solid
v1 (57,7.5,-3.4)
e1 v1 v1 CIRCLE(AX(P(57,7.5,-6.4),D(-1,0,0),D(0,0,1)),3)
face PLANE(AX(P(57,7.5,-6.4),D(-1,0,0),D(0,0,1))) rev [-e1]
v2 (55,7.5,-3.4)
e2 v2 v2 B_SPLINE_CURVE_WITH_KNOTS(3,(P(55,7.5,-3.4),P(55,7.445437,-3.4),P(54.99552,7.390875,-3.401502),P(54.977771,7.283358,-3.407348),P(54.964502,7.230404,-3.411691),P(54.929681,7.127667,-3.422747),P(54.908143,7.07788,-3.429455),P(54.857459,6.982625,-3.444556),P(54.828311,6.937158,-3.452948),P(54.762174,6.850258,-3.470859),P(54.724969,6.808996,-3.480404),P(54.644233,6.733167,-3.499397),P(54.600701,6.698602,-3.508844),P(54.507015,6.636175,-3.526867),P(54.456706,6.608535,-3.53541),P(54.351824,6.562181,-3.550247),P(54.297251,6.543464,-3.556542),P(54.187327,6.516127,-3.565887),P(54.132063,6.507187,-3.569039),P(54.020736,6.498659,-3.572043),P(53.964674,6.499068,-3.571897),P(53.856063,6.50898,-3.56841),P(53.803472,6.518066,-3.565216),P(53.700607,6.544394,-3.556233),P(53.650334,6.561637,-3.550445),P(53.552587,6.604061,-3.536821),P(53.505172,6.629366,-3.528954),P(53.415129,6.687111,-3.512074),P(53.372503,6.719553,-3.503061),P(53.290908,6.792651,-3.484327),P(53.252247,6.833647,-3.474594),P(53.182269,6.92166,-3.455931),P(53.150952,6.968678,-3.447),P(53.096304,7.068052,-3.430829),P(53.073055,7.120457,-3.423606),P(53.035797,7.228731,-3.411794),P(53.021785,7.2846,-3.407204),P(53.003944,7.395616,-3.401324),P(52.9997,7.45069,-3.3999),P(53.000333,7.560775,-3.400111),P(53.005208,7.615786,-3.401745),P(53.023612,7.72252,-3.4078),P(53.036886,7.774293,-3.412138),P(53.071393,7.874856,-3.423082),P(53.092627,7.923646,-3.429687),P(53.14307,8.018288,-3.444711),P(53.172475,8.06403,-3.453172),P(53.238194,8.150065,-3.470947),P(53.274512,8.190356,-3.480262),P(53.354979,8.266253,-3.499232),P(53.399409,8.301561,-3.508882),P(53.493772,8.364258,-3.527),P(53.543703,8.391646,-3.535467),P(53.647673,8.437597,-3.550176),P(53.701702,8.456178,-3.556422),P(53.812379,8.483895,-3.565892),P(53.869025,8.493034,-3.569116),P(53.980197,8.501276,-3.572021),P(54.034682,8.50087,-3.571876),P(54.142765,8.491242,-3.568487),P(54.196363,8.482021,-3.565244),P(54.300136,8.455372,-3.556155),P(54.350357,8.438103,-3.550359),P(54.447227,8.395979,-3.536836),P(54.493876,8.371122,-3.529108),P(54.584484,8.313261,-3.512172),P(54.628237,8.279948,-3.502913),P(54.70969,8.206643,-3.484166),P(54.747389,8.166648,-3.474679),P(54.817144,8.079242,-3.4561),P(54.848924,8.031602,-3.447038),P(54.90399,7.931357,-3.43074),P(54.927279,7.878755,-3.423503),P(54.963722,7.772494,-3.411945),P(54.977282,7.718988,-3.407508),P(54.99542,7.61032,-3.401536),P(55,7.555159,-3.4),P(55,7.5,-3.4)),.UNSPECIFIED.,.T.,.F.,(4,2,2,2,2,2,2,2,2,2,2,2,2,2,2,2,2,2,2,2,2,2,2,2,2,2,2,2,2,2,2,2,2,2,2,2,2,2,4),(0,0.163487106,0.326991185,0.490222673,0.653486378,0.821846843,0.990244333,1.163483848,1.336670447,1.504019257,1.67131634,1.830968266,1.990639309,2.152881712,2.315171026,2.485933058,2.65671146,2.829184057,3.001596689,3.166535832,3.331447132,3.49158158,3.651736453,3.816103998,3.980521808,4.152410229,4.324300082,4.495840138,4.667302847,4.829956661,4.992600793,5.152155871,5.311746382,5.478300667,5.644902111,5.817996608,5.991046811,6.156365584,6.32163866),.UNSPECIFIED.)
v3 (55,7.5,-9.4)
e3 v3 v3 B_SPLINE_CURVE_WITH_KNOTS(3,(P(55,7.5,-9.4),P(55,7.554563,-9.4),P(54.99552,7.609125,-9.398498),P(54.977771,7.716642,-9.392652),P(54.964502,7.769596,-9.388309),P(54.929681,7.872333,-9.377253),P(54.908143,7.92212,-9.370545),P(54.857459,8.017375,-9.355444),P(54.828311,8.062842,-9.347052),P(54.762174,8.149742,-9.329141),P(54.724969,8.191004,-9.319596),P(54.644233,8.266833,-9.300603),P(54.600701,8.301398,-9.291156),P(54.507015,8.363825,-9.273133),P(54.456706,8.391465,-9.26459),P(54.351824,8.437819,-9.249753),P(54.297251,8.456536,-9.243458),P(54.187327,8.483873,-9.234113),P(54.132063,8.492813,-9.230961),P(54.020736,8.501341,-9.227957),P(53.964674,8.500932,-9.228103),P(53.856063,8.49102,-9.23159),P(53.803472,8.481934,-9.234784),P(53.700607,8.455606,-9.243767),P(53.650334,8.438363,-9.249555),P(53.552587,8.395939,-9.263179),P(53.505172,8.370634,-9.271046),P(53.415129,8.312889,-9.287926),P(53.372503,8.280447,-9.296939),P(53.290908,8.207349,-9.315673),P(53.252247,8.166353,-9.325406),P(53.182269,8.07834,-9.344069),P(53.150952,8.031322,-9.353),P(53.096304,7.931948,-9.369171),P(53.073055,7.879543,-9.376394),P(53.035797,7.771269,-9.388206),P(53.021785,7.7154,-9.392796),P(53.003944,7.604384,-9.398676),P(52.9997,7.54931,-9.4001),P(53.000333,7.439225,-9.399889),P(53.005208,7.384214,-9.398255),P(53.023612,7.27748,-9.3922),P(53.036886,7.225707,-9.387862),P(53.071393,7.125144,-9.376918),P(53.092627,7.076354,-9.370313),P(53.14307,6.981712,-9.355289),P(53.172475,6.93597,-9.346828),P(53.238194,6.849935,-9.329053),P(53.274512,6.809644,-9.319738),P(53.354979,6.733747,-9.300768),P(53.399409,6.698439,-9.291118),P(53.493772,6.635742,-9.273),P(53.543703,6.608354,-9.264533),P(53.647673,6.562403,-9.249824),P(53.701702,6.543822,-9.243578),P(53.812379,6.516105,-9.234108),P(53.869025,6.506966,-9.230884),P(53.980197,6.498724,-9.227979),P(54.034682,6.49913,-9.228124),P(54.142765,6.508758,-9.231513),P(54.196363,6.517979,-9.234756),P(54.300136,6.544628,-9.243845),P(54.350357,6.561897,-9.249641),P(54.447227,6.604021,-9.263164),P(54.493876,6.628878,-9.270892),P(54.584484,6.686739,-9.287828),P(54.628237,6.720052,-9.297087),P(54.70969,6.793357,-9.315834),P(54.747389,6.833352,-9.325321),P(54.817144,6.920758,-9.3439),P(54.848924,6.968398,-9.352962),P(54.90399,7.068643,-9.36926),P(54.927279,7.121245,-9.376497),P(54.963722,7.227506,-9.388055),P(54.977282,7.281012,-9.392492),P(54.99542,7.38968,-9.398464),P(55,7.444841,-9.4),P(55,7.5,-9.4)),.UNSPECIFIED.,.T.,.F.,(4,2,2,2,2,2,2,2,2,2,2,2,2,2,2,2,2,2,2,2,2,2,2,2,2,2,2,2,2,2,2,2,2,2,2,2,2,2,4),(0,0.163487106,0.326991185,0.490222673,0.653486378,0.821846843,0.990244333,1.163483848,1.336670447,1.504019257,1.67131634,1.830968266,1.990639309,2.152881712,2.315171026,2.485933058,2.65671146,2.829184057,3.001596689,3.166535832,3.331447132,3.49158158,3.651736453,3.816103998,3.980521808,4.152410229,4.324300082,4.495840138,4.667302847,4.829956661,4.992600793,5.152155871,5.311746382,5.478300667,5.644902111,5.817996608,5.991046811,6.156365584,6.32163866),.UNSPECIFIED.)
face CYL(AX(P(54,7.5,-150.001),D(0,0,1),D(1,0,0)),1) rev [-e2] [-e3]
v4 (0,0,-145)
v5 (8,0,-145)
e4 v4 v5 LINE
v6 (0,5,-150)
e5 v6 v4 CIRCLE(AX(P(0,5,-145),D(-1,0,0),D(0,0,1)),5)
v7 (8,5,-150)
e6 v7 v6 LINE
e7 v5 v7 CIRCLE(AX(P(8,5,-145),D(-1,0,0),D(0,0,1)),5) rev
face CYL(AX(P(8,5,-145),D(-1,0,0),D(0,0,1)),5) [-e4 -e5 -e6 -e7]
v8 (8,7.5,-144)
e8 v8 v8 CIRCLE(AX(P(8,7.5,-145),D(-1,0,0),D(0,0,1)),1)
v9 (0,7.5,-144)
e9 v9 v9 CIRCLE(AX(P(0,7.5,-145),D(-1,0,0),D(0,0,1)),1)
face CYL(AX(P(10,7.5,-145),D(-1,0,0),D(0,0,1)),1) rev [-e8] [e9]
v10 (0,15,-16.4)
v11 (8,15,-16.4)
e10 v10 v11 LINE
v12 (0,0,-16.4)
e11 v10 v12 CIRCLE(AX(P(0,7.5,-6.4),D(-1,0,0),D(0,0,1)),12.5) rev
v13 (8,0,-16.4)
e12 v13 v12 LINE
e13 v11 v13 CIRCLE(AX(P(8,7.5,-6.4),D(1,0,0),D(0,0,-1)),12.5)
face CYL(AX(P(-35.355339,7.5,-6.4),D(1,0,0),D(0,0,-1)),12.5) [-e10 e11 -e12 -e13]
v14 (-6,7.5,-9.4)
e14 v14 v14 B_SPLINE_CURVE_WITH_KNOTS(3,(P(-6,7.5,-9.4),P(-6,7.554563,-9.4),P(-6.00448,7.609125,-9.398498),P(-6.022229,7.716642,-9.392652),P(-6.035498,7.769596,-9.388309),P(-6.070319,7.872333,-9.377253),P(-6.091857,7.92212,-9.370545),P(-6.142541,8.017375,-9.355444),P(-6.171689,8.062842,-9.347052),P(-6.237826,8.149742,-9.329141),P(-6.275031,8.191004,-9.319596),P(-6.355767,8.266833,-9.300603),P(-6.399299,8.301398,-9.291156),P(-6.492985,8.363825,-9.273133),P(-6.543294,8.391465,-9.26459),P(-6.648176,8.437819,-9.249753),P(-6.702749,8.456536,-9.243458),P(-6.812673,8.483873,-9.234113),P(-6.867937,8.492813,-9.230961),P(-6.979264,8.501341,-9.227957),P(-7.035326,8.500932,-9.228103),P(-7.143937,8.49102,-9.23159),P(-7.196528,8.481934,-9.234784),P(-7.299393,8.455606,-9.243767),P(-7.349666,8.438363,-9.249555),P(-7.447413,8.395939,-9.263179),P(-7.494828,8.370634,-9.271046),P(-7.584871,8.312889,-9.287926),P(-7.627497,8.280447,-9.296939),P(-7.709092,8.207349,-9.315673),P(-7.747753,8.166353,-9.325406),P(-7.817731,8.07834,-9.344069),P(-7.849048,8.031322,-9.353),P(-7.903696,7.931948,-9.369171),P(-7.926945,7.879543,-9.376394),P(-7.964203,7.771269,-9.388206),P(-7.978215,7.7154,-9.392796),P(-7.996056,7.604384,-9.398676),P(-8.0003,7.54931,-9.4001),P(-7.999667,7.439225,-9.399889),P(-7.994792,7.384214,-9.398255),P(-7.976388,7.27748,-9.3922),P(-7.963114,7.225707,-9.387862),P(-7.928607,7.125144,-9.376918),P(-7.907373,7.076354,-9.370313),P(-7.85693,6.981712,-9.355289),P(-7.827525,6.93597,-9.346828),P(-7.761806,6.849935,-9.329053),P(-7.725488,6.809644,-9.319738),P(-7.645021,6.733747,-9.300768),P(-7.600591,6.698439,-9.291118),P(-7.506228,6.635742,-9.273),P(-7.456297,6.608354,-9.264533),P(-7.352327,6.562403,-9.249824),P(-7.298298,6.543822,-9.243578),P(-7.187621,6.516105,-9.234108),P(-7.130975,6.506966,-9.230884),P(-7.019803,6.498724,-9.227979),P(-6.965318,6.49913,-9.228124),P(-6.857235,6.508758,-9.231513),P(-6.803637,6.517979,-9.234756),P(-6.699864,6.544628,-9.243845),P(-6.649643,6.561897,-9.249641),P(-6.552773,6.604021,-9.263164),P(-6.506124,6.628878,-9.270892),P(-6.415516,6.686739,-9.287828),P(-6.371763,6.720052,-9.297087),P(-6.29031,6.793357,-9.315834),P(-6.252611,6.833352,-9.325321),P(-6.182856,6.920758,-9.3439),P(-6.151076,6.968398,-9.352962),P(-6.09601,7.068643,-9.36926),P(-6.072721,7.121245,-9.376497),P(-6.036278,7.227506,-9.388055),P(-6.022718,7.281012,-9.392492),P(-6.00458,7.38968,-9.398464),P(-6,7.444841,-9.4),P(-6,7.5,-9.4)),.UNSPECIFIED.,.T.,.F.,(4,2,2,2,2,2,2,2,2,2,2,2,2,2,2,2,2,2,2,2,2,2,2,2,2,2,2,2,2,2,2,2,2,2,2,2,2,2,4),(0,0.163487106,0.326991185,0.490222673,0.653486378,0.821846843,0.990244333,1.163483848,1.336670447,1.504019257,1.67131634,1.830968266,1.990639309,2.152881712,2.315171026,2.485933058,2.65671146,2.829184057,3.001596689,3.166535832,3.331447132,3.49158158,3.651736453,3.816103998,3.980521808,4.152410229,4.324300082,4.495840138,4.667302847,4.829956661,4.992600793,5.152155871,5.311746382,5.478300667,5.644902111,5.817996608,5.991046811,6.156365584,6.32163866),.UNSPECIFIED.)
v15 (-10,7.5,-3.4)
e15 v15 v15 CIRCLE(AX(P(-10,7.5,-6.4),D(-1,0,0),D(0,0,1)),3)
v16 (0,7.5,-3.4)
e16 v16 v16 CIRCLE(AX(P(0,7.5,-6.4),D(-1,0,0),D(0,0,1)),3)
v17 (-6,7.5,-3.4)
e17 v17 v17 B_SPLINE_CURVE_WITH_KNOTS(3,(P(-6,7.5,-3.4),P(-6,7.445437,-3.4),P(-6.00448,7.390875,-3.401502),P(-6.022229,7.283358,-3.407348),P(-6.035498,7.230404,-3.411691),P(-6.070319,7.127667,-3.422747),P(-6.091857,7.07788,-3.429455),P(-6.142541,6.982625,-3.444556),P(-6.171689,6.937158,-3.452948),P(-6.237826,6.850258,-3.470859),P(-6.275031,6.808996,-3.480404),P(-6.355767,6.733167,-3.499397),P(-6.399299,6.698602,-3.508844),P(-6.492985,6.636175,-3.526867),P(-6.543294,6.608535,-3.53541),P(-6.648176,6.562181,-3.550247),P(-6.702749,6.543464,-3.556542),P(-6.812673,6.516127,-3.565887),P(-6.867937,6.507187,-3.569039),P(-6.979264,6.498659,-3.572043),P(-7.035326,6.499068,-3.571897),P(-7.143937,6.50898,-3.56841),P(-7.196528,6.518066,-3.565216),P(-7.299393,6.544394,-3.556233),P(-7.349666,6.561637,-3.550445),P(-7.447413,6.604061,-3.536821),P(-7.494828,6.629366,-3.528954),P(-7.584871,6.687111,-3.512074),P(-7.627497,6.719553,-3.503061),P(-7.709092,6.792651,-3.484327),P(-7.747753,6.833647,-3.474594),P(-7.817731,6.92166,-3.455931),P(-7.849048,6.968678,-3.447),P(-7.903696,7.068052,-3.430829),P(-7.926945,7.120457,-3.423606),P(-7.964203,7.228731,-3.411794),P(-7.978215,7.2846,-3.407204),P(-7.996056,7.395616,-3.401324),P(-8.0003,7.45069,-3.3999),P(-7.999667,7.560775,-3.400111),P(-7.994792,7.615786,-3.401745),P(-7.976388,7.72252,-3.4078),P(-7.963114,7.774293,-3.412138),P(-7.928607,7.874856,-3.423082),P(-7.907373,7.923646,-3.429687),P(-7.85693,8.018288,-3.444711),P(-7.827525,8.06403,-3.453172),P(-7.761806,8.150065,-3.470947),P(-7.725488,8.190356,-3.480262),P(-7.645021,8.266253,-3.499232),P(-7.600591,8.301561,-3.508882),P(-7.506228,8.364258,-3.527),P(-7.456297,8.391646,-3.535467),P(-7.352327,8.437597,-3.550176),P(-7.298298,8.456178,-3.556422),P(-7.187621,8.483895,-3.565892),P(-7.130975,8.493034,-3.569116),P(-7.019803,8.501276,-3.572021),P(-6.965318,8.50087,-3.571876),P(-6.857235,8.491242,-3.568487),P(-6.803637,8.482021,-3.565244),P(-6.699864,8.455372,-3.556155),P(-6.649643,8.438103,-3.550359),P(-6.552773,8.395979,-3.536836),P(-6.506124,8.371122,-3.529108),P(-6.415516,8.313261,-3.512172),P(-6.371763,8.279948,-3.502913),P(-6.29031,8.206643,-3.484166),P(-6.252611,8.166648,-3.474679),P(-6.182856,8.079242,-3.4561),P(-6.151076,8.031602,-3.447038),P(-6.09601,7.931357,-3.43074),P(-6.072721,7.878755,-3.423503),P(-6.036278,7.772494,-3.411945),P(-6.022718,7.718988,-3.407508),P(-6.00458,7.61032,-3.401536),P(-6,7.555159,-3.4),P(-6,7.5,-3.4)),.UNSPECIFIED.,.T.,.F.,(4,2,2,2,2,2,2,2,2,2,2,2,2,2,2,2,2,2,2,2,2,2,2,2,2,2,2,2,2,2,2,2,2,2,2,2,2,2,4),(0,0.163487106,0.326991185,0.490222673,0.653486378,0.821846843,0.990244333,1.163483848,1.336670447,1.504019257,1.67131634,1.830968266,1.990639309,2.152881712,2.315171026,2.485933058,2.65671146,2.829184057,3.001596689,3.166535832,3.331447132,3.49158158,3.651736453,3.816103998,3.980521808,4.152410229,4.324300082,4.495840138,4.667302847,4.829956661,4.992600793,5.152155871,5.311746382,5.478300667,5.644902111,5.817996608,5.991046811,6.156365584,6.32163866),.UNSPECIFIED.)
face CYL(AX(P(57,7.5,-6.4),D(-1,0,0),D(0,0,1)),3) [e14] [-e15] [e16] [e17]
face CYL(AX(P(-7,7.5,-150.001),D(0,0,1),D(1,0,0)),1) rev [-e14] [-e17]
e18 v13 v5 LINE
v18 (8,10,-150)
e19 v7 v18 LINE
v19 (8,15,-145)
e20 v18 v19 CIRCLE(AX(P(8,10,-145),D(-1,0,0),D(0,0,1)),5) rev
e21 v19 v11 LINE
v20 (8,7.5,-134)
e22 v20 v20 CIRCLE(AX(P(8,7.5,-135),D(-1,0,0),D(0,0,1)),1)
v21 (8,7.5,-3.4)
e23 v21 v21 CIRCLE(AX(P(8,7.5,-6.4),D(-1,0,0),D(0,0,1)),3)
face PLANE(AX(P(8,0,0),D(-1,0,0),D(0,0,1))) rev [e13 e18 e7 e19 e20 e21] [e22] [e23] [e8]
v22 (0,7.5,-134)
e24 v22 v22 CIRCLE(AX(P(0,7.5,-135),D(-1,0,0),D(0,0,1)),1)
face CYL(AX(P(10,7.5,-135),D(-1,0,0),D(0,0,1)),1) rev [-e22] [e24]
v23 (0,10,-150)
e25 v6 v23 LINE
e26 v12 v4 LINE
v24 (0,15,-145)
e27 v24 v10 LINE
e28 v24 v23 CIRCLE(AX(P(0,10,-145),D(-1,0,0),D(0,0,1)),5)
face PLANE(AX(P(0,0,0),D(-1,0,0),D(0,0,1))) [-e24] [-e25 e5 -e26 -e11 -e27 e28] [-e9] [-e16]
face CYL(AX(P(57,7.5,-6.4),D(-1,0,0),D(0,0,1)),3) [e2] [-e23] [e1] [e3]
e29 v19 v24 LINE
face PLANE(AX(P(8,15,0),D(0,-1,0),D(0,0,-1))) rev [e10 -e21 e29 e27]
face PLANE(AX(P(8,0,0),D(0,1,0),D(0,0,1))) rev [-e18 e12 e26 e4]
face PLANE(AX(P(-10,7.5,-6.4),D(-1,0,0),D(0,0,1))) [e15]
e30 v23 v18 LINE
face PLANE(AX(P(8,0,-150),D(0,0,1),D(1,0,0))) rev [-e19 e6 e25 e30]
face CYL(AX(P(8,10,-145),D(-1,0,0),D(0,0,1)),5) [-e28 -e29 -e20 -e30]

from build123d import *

# Parameters (mm, degrees)
SKETCH_1_W           = 150
SKETCH_1_H           = 15
EXTRUDE_1_DEPTH      = 8
FILLET_1_R           = 5
SKETCH_6_R           = 12.5
EXTRUDE_2_DEPTH      = 8
SKETCH_11_R          = 1
CUT_EXTRUDE_8_DEPTH  = 10
EXTRUDE_5_DEPTH      = 10
EXTRUDE_5_DEPTH_BACK = 57
SKETCH_15_R          = 3
CUT_EXTRUDE_9_REACH  = 163.707
SKETCH_16_R          = 1


with BuildPart() as part:
    # 草图1 → 凸台-拉伸1 (new body)
    with BuildSketch(Plane(origin=(0, 0, 0), x_dir=(0, 0, -1), z_dir=(1, 0, 0))):
        with Locations((75, 7.5)):
            Rectangle(SKETCH_1_W, SKETCH_1_H)
    extrude(amount=EXTRUDE_1_DEPTH)

    # 圆角1
    fillet_1_edges = [part.edges().sort_by_distance(p)[0] for p in [
        (4, 15, 0),
        (4, 15, -150),
        (4, 0, -150),
        (4, 0, 0),
    ]]
    fillet(fillet_1_edges, radius=FILLET_1_R)

    # 草图6 → 凸台-拉伸2 (add)
    with BuildSketch(Plane(origin=(8, 0, 0), x_dir=(0, 0, -1), z_dir=(1, 0, 0))):
        with Locations((6.4, 7.5)):
            Circle(SKETCH_6_R)
    extrude(amount=-EXTRUDE_2_DEPTH)

    # 草图11 → 切除-拉伸8 (cut)
    with BuildSketch(Plane.ZY):
        with Locations((-145, 7.5)):
            Circle(SKETCH_11_R)
        with Locations((-135, 7.5)):
            Circle(SKETCH_11_R)
        with Locations((85, 7.5)):
            Circle(SKETCH_11_R)
        with Locations((95, 7.5)):
            Circle(SKETCH_11_R)
    extrude(amount=-CUT_EXTRUDE_8_DEPTH, mode=Mode.SUBTRACT)

    # 草图15 → 凸台-拉伸5 (add, two sides: drawn at the far end of the back side and taken through both)
    with BuildSketch(Plane.ZY.offset(-EXTRUDE_5_DEPTH_BACK)):
        with Locations((-6.4, 7.5)):
            Circle(SKETCH_15_R)
    extrude(amount=EXTRUDE_5_DEPTH + EXTRUDE_5_DEPTH_BACK)

    # 草图16 → 切除-拉伸9 (cut, up to next)
    with BuildSketch(Plane.XY, mode=Mode.PRIVATE) as cut_extrude_9_sk1:
        with Locations((-7, 7.5)):
            Circle(SKETCH_16_R)
    cut_extrude_9_tool1 = extrude(cut_extrude_9_sk1.sketch, amount=-CUT_EXTRUDE_9_REACH, mode=Mode.PRIVATE) & part.part
    # 草图16 → 切除-拉伸9 (cut, up to next)
    with BuildSketch(Plane.XY, mode=Mode.PRIVATE) as cut_extrude_9_sk2:
        with Locations((54, 7.5)):
            Circle(SKETCH_16_R)
    cut_extrude_9_tool2 = extrude(cut_extrude_9_sk2.sketch, amount=-CUT_EXTRUDE_9_REACH, mode=Mode.PRIVATE) & part.part
    add(cut_extrude_9_tool1.solids().sort_by_distance((-7, 7.5, 0))[0], mode=Mode.SUBTRACT)
    add(cut_extrude_9_tool2.solids().sort_by_distance((54, 7.5, 0))[0], mode=Mode.SUBTRACT)


solid = part.part
